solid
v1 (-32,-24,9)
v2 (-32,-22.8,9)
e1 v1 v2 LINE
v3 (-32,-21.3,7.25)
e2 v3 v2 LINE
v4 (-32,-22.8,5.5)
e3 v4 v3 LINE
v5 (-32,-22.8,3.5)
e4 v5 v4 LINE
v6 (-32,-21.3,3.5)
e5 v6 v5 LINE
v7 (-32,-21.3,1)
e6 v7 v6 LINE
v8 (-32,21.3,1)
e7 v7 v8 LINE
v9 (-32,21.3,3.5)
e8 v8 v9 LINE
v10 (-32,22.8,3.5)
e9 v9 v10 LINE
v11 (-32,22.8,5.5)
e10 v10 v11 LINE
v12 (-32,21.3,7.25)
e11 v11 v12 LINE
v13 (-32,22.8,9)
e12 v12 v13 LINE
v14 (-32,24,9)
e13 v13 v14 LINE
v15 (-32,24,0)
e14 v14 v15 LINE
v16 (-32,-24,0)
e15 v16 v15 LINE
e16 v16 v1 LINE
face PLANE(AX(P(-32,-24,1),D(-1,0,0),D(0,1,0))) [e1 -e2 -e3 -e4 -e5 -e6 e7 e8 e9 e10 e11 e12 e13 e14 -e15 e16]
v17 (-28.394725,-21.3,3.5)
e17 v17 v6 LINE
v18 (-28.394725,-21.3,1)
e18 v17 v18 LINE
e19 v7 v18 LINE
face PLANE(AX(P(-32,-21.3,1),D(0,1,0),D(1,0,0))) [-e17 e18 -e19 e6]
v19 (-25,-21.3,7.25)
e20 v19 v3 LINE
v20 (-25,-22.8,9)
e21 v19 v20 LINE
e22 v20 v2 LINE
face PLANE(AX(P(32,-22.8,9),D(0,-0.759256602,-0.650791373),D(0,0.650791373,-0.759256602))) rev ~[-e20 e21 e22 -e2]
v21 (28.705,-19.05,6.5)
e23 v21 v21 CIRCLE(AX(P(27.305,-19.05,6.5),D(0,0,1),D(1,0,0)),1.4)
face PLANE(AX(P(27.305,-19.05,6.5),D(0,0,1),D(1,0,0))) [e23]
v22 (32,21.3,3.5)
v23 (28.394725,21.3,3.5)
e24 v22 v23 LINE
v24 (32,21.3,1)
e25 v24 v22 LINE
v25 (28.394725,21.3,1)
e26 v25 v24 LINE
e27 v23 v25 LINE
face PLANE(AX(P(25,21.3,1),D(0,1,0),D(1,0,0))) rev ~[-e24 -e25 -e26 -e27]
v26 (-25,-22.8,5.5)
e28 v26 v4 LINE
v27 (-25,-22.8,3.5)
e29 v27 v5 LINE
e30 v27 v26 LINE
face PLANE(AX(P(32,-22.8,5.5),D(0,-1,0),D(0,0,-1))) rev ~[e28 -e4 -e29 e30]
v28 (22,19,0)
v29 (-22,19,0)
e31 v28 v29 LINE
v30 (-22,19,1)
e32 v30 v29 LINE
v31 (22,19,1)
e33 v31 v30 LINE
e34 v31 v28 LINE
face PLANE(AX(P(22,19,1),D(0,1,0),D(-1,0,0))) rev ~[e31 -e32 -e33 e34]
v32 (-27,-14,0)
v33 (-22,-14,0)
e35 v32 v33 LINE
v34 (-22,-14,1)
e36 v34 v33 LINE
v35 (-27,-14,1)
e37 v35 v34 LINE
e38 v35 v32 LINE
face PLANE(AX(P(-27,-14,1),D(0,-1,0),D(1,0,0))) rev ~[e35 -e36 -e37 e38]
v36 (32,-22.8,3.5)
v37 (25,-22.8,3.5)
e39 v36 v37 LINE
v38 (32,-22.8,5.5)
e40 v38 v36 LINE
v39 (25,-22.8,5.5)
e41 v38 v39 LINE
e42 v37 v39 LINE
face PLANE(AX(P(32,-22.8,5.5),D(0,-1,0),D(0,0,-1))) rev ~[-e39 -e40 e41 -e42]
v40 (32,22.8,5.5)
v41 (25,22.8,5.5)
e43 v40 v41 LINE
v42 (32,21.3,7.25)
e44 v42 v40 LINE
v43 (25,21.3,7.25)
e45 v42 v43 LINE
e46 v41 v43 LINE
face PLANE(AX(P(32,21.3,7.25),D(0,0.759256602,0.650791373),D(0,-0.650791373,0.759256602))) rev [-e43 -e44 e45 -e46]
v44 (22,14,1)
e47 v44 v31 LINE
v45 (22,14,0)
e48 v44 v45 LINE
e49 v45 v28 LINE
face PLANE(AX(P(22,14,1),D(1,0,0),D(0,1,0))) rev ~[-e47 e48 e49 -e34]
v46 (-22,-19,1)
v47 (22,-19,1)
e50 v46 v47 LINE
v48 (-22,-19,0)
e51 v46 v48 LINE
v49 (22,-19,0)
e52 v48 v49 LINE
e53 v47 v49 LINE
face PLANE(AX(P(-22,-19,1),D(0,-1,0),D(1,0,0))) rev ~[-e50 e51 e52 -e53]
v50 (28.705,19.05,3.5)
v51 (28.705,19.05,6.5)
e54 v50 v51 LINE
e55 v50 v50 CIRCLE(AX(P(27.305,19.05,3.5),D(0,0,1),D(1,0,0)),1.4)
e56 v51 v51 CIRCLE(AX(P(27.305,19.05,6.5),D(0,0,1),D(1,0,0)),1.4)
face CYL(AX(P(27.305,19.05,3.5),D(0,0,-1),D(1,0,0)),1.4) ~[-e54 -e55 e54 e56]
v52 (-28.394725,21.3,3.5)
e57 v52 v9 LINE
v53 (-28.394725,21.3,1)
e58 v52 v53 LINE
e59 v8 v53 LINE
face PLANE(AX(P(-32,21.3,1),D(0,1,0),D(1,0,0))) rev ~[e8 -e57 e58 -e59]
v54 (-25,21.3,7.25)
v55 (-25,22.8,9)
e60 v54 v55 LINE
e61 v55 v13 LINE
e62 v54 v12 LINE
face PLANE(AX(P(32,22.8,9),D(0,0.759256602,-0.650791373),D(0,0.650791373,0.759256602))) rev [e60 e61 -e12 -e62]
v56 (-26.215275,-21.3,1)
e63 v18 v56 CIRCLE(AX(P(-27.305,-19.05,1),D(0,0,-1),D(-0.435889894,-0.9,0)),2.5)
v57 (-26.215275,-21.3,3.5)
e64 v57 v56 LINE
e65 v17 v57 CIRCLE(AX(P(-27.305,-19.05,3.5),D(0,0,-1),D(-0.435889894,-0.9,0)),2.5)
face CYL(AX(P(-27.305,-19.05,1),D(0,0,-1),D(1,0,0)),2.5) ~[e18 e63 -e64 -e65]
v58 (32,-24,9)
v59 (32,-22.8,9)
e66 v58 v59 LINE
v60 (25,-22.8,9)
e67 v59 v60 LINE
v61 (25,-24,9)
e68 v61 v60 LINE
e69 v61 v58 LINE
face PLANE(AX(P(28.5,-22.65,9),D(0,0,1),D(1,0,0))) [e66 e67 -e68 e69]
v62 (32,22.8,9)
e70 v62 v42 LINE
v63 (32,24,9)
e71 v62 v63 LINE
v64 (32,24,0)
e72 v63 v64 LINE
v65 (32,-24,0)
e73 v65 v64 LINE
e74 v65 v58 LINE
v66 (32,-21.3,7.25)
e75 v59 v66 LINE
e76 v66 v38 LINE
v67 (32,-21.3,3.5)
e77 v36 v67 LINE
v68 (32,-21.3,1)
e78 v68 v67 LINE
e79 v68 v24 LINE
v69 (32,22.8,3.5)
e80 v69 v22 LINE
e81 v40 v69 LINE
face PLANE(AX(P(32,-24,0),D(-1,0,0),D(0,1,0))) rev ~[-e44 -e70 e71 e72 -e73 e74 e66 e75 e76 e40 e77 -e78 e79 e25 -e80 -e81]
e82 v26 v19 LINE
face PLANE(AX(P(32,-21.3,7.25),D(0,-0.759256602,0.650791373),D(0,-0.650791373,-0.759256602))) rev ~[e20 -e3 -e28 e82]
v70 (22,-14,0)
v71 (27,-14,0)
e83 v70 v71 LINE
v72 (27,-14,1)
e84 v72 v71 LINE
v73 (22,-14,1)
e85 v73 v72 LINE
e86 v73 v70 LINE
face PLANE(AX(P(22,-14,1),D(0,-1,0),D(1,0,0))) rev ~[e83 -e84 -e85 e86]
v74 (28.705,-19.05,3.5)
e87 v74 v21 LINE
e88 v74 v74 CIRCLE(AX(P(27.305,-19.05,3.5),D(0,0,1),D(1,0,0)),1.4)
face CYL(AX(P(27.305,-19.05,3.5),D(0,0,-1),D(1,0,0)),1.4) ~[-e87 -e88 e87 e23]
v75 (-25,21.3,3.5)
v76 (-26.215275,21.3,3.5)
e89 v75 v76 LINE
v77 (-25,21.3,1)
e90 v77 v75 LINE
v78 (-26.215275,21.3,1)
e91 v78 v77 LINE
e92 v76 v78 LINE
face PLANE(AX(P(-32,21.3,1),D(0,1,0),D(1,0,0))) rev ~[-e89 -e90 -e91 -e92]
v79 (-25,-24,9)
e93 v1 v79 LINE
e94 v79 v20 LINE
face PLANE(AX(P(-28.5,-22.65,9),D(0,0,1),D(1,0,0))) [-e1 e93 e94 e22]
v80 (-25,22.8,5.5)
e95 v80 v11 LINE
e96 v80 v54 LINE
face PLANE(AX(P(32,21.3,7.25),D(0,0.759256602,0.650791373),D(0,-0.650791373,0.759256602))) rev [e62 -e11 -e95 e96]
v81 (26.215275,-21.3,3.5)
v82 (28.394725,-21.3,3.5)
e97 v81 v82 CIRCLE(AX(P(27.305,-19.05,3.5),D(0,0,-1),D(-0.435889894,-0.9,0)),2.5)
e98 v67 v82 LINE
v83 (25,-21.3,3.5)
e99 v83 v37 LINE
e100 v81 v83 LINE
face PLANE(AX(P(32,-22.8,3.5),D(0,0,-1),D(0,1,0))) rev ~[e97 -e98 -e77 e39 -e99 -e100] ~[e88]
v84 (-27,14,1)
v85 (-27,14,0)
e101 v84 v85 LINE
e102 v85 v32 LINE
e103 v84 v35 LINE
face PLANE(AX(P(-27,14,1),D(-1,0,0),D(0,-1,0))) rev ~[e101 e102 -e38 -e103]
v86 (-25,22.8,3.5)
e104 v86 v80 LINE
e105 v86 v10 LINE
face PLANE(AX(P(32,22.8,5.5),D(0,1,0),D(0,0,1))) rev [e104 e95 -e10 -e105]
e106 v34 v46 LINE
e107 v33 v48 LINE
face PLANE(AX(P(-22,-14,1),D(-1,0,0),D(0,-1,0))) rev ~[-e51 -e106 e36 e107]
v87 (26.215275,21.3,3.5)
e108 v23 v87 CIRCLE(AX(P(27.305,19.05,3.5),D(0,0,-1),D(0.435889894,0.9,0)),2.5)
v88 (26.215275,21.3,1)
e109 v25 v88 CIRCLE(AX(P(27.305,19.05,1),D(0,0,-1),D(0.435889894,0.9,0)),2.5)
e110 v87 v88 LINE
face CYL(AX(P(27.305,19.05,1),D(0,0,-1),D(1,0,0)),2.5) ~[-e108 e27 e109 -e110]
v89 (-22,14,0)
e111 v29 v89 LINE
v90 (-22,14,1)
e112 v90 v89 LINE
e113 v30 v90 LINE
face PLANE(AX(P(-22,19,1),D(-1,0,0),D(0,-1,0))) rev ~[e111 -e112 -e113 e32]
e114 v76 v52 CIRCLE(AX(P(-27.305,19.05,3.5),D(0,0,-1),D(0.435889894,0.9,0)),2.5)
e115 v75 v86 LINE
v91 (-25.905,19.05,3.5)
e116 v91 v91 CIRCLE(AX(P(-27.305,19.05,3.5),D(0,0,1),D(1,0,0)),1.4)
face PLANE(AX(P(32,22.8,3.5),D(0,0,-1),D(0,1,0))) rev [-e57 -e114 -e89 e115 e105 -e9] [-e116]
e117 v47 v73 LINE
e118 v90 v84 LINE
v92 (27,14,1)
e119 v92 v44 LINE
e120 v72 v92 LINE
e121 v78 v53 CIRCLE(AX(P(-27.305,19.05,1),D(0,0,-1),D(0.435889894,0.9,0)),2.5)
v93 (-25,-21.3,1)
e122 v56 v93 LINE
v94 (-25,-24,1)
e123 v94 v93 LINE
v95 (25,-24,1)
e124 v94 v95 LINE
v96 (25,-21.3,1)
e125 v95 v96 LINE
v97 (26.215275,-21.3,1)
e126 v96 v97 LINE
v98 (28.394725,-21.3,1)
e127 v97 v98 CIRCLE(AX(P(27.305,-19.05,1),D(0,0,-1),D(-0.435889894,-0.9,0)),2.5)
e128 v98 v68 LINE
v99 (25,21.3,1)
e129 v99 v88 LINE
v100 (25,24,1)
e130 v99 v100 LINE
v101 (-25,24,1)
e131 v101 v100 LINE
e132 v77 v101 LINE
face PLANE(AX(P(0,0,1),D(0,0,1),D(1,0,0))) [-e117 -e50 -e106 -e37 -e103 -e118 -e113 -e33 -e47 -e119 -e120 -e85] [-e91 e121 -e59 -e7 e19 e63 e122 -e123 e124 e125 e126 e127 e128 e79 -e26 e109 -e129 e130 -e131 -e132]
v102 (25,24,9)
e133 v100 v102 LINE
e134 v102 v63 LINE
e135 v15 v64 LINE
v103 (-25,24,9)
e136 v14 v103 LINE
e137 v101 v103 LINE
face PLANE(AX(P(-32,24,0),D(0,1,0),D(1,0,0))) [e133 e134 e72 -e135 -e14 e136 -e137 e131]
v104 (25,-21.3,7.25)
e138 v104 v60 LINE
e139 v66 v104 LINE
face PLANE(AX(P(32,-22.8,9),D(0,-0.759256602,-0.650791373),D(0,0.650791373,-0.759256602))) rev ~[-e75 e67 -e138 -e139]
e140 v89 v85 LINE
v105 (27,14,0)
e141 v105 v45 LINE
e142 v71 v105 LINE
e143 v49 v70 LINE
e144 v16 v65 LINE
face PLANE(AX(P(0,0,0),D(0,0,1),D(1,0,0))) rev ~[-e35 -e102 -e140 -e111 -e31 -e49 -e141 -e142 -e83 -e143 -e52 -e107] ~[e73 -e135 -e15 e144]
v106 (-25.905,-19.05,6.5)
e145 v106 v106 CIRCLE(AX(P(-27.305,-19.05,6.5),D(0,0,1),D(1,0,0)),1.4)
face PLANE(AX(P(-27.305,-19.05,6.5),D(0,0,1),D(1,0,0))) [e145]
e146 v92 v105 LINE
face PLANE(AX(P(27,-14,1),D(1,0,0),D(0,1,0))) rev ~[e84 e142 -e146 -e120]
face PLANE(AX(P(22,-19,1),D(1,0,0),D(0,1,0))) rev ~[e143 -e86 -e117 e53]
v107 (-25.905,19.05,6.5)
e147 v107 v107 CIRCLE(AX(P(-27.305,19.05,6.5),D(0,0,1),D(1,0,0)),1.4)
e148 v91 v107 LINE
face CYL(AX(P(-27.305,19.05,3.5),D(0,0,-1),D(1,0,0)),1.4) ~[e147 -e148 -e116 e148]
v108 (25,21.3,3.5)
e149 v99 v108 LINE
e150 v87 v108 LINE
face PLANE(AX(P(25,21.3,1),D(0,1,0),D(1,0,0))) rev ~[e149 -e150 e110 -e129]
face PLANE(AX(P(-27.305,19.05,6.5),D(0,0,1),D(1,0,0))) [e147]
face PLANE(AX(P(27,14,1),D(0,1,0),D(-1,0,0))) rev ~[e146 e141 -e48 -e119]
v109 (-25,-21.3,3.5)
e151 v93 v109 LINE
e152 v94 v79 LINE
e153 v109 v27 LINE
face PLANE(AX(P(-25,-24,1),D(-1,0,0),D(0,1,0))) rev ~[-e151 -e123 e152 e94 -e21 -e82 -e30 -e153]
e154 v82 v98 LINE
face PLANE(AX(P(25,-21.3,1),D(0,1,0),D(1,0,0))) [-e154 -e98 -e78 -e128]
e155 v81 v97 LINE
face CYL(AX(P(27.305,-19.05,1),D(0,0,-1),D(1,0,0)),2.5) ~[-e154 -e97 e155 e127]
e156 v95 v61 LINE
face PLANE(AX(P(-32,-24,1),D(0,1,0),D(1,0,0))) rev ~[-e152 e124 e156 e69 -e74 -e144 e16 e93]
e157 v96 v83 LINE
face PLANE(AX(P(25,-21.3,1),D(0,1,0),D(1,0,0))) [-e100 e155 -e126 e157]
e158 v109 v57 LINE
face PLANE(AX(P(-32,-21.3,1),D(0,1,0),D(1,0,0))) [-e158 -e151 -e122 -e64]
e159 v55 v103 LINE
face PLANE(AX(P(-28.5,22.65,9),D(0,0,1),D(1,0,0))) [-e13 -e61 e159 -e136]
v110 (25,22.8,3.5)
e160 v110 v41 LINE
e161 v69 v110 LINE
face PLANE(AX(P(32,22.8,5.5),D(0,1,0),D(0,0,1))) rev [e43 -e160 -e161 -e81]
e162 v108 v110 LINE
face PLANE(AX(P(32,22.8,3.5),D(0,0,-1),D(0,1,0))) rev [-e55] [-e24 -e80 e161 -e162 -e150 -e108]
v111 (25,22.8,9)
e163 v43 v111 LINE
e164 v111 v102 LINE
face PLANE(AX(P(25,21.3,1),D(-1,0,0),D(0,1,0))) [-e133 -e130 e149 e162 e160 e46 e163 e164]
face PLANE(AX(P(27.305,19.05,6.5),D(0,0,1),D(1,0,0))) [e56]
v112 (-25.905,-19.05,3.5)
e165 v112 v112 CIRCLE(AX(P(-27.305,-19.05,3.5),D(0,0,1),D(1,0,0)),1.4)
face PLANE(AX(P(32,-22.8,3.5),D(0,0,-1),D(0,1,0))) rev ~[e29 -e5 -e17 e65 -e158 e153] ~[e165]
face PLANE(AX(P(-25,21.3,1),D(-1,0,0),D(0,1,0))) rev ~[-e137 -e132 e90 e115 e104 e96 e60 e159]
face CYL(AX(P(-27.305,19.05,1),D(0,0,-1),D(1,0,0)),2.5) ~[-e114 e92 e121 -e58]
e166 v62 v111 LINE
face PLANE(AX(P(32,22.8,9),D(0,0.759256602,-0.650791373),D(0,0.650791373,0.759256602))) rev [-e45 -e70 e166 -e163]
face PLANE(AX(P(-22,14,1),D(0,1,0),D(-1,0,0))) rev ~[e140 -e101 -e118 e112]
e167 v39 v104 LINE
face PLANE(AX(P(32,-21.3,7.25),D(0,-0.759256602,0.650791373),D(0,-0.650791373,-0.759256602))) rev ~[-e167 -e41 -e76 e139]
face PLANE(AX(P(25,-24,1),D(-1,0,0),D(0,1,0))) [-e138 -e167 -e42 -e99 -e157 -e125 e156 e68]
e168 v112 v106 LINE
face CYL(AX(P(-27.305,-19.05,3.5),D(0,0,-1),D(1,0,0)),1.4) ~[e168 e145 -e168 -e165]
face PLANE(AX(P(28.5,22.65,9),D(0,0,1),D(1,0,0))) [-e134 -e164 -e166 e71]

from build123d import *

# Parameters (mm, degrees)
SKETCH_W        = 64
SKETCH_H        = 48
PAD_DEPTH       = 1
POCKET_DEPTH    = 1.001
SKETCH002_R     = 2.5
PAD001_DEPTH    = 2.5
SKETCH003_R     = 1.4
PAD002_DEPTH    = 3
SKETCH004_W     = 7
SKETCH004_H     = 2.7
PAD003_DEPTH    = 8
POCKET001_DEPTH = 225.010317


with BuildPart() as part:
    # Sketch → Pad (new body)
    with BuildSketch(Plane.XY):
        Rectangle(SKETCH_W, SKETCH_H)
    extrude(amount=PAD_DEPTH)

    # Sketch001 → Pocket (cut, through all)
    with BuildSketch(Plane.XY.offset(1)):
        Polygon((-27, 14), (-27, -14), (-22, -14), (-22, -19), (22, -19), (22, -14), (27, -14), (27, 14), (22, 14), (22, 19), (-22, 19), (-22, 14), align=None)
    extrude(amount=-POCKET_DEPTH, mode=Mode.SUBTRACT)

    # Sketch002 → Pad001 (new body)
    with BuildSketch(Plane.XY.offset(1)):
        with Locations((-27.305, 19.05)):
            Circle(SKETCH002_R)
        with Locations((-27.305, -19.05)):
            Circle(SKETCH002_R)
        with Locations((27.305, 19.05)):
            Circle(SKETCH002_R)
        with Locations((27.305, -19.05)):
            Circle(SKETCH002_R)
    extrude(amount=PAD001_DEPTH)

    # Sketch003 → Pad002 (new body)
    with BuildSketch(Plane.XY.offset(3.5)):
        with Locations((27.305, 19.05)):
            Circle(SKETCH003_R)
        with Locations((-27.305, -19.05)):
            Circle(SKETCH003_R)
        with Locations((27.305, -19.05)):
            Circle(SKETCH003_R)
        with Locations((-27.305, 19.05)):
            Circle(SKETCH003_R)
    extrude(amount=PAD002_DEPTH)

    # Sketch004 → Pad003 (new body)
    with BuildSketch(Plane.XY.offset(1)):
        with Locations((-28.5, -22.65)):
            Rectangle(SKETCH004_W, SKETCH004_H)
        with Locations((28.5, -22.65)):
            Rectangle(SKETCH004_W, SKETCH004_H)
        with Locations((28.5, 22.65)):
            Rectangle(SKETCH004_W, SKETCH004_H)
        with Locations((-28.5, 22.65)):
            Rectangle(SKETCH004_W, SKETCH004_H)
    extrude(amount=PAD003_DEPTH)

    # Sketch005 → Pocket001 (cut, through all)
    with BuildSketch(Plane.YZ.offset(32)):
        Polygon((-22.8, 9), (-21.3, 7.25), (-22.8, 5.5), (-22.8, 3.5), (-21.3, 3.5), (-21.2, 10), (-22.8, 10), align=None)
    pocket001 = extrude(amount=-POCKET001_DEPTH, mode=Mode.SUBTRACT)

    # Mirrored: Pocket001 across Sketch005 V_Axis
    add(pocket001.mirror(Plane(origin=(32, 0, 0), x_dir=(1, 0, 0), z_dir=(0, 1, 0))), mode=Mode.SUBTRACT)


solid = part.part
